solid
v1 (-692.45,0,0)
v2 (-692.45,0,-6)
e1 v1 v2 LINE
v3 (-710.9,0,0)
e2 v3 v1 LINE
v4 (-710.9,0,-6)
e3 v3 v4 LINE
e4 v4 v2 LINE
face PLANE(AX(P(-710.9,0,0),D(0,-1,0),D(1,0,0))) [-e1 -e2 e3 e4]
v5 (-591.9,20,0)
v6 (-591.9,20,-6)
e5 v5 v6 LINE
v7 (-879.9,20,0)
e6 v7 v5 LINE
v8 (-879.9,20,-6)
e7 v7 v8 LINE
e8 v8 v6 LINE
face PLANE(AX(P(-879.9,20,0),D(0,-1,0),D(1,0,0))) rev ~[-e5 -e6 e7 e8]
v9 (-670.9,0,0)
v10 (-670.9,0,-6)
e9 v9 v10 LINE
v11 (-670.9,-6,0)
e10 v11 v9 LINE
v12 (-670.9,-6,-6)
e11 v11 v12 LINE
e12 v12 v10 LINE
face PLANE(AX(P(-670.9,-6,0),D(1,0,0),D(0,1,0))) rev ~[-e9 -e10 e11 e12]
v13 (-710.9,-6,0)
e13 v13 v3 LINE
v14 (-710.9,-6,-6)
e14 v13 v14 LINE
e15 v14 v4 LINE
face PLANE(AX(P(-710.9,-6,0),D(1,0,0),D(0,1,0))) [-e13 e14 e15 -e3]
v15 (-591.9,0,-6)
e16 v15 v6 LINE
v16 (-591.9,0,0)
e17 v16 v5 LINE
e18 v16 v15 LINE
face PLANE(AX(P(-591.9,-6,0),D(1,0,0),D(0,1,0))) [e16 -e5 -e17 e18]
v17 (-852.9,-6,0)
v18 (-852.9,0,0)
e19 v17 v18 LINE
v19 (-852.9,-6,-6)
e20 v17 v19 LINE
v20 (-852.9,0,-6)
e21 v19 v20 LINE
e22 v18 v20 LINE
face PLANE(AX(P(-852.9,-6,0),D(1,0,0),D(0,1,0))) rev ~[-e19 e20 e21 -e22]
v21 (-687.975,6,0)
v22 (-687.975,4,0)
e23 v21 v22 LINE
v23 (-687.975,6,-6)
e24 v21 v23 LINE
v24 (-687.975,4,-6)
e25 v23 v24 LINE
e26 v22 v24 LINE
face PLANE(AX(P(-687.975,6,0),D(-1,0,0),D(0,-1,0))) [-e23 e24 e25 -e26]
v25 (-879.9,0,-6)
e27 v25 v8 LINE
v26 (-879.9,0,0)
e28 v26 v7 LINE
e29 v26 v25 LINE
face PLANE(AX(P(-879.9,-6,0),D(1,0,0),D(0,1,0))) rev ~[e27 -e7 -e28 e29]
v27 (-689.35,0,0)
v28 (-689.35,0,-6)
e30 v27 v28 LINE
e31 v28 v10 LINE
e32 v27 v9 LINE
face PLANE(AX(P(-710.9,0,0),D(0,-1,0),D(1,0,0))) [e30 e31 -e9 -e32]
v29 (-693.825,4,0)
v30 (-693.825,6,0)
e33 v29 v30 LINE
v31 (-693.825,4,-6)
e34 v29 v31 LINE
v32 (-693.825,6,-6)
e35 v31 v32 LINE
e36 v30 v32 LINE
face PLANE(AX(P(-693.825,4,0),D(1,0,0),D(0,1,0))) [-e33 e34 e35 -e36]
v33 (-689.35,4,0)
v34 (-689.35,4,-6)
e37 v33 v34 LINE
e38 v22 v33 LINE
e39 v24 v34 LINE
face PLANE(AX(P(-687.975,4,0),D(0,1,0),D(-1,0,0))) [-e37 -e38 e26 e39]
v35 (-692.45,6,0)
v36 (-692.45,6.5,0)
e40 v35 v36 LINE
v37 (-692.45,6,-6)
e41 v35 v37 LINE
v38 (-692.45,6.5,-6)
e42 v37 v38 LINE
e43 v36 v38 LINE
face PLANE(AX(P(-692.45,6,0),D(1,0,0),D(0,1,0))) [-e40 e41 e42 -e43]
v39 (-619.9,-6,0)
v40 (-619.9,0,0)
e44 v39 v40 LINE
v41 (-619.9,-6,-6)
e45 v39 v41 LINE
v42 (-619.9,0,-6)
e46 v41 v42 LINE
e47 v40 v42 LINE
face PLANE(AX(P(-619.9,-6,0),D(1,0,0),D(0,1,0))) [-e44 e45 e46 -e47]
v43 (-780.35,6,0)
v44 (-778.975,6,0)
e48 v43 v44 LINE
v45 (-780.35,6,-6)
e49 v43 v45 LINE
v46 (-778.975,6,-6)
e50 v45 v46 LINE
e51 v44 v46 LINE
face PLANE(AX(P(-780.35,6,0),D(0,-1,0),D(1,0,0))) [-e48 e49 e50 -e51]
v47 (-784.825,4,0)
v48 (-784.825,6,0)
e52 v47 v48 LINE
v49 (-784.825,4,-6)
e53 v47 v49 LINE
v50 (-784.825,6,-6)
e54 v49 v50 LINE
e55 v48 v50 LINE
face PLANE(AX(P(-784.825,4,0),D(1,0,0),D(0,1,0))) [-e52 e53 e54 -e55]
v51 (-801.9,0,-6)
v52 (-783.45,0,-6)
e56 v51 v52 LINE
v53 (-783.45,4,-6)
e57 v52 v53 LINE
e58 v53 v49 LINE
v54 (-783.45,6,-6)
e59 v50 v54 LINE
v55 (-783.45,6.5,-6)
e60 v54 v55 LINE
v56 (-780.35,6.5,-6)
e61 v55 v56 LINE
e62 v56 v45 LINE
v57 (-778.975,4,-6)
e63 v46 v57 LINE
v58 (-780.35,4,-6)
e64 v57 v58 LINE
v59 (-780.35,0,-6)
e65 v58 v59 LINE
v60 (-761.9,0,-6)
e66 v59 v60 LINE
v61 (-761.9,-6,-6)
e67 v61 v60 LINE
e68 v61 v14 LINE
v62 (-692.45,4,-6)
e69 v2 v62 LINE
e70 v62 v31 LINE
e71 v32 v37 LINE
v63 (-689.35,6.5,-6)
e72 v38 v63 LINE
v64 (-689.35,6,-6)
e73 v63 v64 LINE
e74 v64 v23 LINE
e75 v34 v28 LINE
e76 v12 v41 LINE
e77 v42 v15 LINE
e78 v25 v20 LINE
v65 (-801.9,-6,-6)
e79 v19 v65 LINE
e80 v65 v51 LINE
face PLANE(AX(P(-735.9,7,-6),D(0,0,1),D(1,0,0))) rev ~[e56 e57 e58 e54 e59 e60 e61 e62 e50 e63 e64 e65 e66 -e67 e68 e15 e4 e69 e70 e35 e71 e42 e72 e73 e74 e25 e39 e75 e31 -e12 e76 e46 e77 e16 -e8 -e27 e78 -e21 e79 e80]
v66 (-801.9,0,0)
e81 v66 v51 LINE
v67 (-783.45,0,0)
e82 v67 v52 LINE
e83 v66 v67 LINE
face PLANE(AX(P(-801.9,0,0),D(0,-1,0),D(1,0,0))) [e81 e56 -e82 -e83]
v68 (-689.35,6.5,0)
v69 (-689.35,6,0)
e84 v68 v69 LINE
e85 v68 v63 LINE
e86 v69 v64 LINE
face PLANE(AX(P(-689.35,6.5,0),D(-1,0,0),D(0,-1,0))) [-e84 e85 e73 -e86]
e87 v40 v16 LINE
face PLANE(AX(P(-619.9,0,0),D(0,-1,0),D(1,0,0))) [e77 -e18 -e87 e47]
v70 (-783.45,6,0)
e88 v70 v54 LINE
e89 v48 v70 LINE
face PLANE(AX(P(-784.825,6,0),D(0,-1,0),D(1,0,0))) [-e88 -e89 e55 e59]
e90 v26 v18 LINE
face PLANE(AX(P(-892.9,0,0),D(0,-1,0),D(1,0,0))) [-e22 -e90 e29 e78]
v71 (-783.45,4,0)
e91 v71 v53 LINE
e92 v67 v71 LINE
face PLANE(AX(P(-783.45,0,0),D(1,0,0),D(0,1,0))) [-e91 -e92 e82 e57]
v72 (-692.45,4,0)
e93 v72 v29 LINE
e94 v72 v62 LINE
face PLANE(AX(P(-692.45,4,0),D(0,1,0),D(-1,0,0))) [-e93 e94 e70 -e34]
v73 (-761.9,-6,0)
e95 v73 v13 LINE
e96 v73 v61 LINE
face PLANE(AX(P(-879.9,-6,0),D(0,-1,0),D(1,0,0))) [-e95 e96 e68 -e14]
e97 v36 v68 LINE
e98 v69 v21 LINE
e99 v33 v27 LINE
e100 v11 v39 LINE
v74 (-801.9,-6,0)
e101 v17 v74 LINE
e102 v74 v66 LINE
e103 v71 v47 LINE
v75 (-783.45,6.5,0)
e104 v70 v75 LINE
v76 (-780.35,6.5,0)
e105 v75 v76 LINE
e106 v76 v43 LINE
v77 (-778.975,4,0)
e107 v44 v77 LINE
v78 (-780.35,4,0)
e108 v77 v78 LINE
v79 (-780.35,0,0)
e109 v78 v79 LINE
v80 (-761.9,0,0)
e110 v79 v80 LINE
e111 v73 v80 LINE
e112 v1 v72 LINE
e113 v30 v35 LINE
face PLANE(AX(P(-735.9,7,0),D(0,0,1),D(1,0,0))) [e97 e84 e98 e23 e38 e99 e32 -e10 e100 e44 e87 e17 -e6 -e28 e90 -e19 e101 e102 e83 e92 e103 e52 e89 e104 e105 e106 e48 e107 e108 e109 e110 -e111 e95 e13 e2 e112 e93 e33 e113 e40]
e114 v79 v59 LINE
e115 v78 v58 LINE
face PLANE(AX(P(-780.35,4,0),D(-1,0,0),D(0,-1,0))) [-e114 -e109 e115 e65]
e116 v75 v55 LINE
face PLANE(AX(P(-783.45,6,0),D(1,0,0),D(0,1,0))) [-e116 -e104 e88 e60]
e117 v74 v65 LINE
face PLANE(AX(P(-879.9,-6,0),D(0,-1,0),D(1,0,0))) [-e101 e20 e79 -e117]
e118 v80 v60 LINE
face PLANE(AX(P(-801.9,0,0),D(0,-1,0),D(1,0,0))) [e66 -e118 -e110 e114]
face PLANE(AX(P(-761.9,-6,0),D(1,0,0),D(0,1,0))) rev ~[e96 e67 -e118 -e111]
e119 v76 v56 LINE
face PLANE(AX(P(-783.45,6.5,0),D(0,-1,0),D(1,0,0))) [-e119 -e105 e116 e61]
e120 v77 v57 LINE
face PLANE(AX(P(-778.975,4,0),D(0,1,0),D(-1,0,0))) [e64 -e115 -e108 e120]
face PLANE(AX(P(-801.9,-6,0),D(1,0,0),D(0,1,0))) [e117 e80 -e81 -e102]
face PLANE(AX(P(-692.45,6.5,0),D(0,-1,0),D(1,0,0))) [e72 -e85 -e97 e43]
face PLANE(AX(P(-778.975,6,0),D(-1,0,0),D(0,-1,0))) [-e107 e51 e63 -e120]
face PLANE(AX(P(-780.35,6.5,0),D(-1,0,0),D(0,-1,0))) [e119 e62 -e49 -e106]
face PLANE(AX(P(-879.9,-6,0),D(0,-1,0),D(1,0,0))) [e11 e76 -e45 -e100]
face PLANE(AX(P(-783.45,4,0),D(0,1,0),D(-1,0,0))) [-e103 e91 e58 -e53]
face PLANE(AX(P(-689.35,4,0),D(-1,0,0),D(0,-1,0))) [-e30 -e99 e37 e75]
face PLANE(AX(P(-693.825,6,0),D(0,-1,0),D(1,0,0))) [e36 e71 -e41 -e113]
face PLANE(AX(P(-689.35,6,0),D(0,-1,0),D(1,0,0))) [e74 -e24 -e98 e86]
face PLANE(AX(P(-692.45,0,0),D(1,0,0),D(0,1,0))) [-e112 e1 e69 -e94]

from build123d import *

# Parameters (mm, degrees)
SZKIC1_W                    = 288
SZKIC1_H                    = 26
DODANIE_WYCI_GNI_CIE1_DEPTH = 6
SZKIC5_W                    = 40
SZKIC5_H                    = 6
WYTNIJ_WYCI_GNI_CIE3_DEPTH  = 6
SZYK_LINIOWY1_COUNT         = 4
SZYK_LINIOWY1_PITCH         = 91
WYTNIJ_WYCI_GNI_CIE4_DEPTH  = 6
SZYK_LINIOWY2_COUNT         = 2
SZYK_LINIOWY2_PITCH         = 91


with BuildPart() as part:
    # Szkic1 → Dodanie-wyciągnięcie1 (new body)
    with BuildSketch(Plane.XY):
        with Locations((-735.9, 7)):
            Rectangle(SZKIC1_W, SZKIC1_H)
    extrude(amount=-DODANIE_WYCI_GNI_CIE1_DEPTH)

    # Szkic5 → Wytnij-wyciągnięcie3 (cut)
    with BuildSketch(Plane.XY):
        with Locations((-872.9, -3)):
            Rectangle(SZKIC5_W, SZKIC5_H)
    wytnij_wyci_gni_cie3 = extrude(amount=-WYTNIJ_WYCI_GNI_CIE3_DEPTH, mode=Mode.SUBTRACT)

    # Szyk liniowy1: Wytnij-wyciągnięcie3 ×4
    with Locations(*[(i * SZYK_LINIOWY1_PITCH, 0, 0) for i in range(1, SZYK_LINIOWY1_COUNT)]):
        add(wytnij_wyci_gni_cie3, mode=Mode.SUBTRACT)

    # Szkic6 → Wytnij-wyciągnięcie4 (cut)
    with BuildSketch(Plane.XY):
        Polygon((-780.35, 0), (-783.45, 0), (-783.45, 4), (-784.825, 4), (-784.825, 6), (-783.45, 6), (-783.45, 6.5), (-780.35, 6.5), (-780.35, 6), (-778.975, 6), (-778.975, 4), (-780.35, 4), align=None)
    wytnij_wyci_gni_cie4 = extrude(amount=-WYTNIJ_WYCI_GNI_CIE4_DEPTH, mode=Mode.SUBTRACT)

    # Szyk liniowy2: Wytnij-wyciągnięcie4 ×2
    with Locations(*[(i * SZYK_LINIOWY2_PITCH, 0, 0) for i in range(1, SZYK_LINIOWY2_COUNT)]):
        add(wytnij_wyci_gni_cie4, mode=Mode.SUBTRACT)


solid = part.part
